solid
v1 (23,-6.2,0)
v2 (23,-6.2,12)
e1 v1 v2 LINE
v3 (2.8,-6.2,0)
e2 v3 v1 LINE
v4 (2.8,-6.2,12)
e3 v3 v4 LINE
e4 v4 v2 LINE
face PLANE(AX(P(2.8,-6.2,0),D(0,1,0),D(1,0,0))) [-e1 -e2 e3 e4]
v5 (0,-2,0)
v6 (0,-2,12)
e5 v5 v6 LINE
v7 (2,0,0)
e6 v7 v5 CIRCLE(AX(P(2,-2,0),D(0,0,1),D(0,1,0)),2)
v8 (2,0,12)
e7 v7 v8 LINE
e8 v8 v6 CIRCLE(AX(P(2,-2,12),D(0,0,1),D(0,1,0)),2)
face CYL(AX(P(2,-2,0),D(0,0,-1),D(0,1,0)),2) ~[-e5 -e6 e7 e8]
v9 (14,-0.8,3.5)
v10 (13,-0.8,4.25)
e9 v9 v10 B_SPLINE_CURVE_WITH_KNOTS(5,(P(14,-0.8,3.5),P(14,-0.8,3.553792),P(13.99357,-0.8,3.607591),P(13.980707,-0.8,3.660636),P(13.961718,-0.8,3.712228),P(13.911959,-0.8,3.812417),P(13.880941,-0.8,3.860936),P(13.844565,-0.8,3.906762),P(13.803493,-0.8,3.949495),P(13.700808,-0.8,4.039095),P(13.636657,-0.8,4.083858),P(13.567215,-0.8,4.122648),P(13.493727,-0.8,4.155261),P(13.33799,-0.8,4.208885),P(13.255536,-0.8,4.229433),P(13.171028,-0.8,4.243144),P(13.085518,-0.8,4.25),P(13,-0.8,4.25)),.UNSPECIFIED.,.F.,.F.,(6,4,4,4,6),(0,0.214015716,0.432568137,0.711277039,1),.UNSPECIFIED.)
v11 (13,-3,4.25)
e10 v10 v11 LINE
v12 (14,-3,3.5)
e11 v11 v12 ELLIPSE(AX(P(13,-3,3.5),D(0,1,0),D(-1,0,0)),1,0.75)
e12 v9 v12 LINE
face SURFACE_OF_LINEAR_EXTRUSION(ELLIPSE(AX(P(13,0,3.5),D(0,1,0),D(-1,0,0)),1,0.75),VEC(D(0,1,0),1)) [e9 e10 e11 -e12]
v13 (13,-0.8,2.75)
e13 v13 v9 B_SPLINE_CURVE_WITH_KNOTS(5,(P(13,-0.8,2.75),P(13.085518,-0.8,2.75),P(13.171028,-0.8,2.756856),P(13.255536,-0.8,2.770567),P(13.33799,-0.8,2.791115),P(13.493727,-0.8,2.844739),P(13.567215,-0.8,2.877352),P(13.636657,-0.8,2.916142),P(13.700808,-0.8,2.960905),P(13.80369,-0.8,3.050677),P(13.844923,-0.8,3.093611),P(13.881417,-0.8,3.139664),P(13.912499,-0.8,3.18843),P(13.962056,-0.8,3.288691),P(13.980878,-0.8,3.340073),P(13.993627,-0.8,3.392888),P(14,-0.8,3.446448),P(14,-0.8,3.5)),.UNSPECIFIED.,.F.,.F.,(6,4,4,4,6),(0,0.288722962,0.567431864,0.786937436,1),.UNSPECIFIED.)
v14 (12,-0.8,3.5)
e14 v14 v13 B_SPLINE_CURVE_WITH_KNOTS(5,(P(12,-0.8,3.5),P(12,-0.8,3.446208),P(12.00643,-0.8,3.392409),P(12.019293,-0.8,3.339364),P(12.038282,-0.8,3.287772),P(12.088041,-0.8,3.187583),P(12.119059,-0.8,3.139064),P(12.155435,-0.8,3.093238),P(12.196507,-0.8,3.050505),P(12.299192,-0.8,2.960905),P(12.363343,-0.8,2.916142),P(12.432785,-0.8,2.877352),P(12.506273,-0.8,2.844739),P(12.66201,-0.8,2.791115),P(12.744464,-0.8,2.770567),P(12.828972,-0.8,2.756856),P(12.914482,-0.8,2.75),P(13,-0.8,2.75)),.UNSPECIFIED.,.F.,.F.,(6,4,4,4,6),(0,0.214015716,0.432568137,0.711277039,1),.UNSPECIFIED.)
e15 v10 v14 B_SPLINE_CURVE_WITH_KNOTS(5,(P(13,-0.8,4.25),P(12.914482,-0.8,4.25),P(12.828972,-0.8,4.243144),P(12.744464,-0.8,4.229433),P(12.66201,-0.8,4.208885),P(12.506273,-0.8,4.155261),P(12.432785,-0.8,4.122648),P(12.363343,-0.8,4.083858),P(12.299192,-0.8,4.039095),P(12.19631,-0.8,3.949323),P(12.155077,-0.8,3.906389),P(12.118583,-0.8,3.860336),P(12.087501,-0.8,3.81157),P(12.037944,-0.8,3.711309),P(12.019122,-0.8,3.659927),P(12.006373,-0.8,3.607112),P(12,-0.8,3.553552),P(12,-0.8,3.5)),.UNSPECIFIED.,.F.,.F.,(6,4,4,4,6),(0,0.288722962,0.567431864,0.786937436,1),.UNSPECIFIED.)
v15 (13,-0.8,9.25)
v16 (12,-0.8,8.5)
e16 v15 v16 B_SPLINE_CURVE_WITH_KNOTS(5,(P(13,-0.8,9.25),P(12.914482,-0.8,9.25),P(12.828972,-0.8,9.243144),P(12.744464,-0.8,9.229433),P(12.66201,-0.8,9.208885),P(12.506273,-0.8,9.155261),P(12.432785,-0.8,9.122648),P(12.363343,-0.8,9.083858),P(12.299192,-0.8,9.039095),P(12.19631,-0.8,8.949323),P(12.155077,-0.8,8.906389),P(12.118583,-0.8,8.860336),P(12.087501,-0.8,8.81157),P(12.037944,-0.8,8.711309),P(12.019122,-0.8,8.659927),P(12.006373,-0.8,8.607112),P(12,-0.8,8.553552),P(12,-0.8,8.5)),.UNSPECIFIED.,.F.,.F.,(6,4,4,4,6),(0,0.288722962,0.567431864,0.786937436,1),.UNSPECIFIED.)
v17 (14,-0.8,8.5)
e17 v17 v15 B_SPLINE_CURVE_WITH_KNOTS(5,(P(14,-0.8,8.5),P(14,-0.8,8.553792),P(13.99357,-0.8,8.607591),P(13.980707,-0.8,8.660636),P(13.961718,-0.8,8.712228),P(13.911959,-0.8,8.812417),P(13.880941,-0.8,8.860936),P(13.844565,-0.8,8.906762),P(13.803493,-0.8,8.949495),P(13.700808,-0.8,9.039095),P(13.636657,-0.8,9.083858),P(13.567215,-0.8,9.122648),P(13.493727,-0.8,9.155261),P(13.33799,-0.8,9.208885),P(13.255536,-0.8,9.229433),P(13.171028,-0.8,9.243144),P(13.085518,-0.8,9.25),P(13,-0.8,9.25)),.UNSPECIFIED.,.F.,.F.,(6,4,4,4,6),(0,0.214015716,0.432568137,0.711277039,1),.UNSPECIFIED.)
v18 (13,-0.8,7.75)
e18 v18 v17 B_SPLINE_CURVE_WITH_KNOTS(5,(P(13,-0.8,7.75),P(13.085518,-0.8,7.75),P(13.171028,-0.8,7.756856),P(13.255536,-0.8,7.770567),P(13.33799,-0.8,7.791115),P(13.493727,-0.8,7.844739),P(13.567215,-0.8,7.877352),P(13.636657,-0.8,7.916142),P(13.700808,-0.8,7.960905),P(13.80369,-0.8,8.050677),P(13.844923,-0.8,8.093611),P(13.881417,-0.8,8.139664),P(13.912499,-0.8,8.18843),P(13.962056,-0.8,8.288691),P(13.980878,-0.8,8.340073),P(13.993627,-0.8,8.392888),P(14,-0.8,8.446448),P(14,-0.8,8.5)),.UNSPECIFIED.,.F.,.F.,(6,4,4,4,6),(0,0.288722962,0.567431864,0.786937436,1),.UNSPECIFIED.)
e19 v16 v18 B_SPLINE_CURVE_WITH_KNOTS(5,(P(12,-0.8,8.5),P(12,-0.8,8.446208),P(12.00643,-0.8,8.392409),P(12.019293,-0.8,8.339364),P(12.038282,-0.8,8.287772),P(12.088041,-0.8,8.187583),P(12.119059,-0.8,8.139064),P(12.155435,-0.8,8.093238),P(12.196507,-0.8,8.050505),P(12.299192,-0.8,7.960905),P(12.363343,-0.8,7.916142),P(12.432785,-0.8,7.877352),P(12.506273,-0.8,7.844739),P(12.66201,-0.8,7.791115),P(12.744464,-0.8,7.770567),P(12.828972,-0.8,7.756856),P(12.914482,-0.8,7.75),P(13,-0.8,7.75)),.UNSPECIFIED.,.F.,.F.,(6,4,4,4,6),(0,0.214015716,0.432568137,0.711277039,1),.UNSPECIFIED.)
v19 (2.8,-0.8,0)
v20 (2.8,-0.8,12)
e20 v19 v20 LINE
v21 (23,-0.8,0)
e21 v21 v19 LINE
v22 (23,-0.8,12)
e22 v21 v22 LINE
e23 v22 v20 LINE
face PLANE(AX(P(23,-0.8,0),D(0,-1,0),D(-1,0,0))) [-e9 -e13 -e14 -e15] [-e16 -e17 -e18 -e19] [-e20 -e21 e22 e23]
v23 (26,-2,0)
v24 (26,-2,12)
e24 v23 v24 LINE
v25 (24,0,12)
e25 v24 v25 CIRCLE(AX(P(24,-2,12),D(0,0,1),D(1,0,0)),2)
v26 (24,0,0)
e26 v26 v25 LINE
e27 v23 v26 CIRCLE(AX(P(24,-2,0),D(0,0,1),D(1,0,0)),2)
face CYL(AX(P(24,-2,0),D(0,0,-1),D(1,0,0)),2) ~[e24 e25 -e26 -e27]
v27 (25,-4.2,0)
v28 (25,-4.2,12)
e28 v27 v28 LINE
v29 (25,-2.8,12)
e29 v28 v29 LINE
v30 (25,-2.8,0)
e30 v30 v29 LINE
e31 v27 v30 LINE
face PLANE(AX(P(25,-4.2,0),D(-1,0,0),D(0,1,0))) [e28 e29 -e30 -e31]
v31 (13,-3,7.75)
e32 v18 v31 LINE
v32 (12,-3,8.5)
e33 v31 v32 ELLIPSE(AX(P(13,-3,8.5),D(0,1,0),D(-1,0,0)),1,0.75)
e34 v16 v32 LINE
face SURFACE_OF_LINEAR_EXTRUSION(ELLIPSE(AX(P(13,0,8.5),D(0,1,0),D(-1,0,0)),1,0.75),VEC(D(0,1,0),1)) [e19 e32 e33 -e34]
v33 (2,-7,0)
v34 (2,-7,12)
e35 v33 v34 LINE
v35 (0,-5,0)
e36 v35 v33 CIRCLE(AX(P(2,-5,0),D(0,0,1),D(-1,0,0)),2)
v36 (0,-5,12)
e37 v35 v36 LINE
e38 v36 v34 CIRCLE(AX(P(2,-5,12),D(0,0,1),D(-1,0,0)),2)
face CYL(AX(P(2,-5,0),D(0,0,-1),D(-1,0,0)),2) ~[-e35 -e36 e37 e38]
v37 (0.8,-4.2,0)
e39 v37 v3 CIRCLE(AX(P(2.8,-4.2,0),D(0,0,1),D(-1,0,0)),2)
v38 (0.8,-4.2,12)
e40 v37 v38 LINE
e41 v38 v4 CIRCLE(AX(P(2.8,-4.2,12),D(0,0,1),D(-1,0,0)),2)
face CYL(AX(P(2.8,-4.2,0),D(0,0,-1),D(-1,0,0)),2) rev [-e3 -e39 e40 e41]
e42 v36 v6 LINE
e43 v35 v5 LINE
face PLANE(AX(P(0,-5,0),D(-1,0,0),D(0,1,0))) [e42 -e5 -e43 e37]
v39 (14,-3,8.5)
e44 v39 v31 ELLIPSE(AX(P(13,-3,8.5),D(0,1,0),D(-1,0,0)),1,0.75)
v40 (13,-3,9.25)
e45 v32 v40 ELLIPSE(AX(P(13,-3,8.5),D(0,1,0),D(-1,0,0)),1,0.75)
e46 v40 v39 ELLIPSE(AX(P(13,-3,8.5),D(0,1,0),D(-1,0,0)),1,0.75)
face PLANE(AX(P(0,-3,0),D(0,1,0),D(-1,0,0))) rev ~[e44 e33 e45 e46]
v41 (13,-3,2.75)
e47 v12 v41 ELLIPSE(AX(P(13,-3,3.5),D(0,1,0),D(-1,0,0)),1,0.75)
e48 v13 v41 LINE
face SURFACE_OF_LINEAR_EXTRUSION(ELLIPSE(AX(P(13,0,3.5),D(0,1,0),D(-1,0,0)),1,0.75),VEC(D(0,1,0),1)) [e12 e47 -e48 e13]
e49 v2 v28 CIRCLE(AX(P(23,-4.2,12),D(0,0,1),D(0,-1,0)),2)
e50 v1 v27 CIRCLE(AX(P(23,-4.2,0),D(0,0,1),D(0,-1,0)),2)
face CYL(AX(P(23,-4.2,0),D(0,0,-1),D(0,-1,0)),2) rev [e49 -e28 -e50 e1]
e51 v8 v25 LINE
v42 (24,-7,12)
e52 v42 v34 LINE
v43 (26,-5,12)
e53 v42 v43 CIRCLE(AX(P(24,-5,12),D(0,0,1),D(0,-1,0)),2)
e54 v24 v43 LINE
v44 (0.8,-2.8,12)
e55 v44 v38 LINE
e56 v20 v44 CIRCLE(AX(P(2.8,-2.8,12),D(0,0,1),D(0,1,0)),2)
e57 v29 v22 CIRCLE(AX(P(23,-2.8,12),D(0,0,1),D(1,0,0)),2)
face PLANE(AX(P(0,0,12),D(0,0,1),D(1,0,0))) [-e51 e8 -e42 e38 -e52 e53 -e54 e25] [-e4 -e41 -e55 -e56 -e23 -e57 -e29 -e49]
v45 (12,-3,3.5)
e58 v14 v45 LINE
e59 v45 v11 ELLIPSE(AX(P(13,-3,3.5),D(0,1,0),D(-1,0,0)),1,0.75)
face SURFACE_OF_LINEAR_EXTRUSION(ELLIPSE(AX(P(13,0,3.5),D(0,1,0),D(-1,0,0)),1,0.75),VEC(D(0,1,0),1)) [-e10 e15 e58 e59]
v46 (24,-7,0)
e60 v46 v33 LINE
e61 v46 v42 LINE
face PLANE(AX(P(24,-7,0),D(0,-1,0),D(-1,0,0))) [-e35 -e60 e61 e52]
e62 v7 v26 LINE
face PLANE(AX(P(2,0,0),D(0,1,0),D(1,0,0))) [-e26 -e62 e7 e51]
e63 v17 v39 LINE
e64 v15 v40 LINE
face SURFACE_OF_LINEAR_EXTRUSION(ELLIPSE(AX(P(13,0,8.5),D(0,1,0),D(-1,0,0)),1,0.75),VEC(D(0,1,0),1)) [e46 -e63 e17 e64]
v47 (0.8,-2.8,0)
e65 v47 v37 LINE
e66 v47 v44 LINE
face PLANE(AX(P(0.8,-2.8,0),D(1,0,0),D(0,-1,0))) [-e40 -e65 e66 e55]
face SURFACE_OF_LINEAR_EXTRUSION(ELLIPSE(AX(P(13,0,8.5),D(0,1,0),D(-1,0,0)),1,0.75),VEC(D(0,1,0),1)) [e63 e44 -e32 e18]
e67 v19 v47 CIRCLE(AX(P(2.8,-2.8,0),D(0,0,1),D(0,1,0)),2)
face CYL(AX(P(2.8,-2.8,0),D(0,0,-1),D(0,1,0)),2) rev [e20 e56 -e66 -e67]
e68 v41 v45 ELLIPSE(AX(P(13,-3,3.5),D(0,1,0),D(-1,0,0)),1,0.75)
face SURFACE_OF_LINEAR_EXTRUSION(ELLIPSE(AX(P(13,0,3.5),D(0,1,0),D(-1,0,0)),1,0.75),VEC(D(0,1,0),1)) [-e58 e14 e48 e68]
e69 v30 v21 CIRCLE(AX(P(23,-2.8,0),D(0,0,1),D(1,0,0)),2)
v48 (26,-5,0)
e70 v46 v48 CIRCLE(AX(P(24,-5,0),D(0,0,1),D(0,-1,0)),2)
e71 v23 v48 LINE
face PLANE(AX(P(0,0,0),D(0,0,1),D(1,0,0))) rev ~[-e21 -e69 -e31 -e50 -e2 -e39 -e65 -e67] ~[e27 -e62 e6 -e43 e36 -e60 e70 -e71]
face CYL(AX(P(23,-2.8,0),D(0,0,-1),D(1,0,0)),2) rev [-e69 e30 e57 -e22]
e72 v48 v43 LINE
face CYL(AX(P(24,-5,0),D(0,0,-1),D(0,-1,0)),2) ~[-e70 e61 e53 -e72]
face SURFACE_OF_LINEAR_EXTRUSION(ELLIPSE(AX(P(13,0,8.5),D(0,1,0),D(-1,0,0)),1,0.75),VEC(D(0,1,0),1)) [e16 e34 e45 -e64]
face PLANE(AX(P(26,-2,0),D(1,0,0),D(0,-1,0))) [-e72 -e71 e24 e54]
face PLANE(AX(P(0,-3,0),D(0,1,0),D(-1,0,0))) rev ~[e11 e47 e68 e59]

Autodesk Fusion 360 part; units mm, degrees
sketch "Sketch1" plane through (0, 0, 0) normal (0, 0, 1) x (1, 0, 0) in component "WatchStrapBit"
  line L0 (2, 0) -> (24, 0)
  line L1 (26, -2) -> (26, -5)
  line L2 (24, -7) -> (2, -7)
  line L3 (0, -5) -> (0, -2)
  line L4 (23, -0.8) -> (2.8, -0.8)
  line L5 (0.8, -2.8) -> (0.8, -4.2)
  line L6 (2.8, -6.2) -> (23, -6.2)
  line L7 (25, -4.2) -> (25, -2.8)
  arc A0 (25, -2.8) -> (23, -0.8) centre (23, -2.8) ccw
  arc A1 (23, -6.2) -> (25, -4.2) centre (23, -4.2) ccw
  arc A2 (2.8, -0.8) -> (0.8, -2.8) centre (2.8, -2.8) ccw
  arc A3 (0.8, -4.2) -> (2.8, -6.2) centre (2.8, -4.2) ccw
  arc A4 (2, 0) -> (0, -2) centre (2, -2) ccw
  arc A5 (0, -5) -> (2, -7) centre (2, -5) ccw
  arc A6 (24, -7) -> (26, -5) centre (24, -5) ccw
  arc A7 (26, -2) -> (24, 0) centre (24, -2) ccw
  point P0 (26, 0)
  dimension "d1" = 26
  dimension "d2" = 7
  dimension "d3" = 0.8
  dimension "d4" = 0.8
  dimension "d5" = 1
  dimension "d6" = 0.8
  dimension "d7" = 2
extrude "Extrude1" add sketch "Sketch1" along normal blind 12 in component "WatchStrapBit"
sketch "Sketch2" plane through (0, 0, 0) normal (0, 1, 0) x (-1, 0, 0) in component "WatchStrapBit"
  line L0 (-24, 0) -> (-2, 0)
  line L1 (-2, 0) -> (-2, 12)
  line L2 (-2, 12) -> (-24, 12)
  line L3 (-24, 12) -> (-24, 0)
  line L4 (-24, 0) -> (-2, 0)
  line L5 (-2, 12) -> (-24, 12)
  line L6 (0, 0) -> (-2, 0)
  line L7 (0, 12) -> (-2, 12)
  line L8 (0, 0) -> (0, 12)
  line L9 (-26, 0) -> (-26, 12)
  line L10 (-24, 0) -> (-26, 0)
  line L11 (-24, 12) -> (-26, 12)
  line L12 (0, 0) -> (-26, 0) construction
  line L13 (0, 12) -> (-26, 12) construction
  line L14 (-13, 0) -> (-13, 12) construction
  line L15 (-13, 6) -> (-13, 3.5)
  line L16 (-13, 6) -> (-13, 8.5)
  circle A0 centre (-13, 3.5) radius 0.75
  circle A1 centre (-13, 8.5) radius 0.75
  ellipse E0 centre (-13, 3.5) end of major axis (-13, 2.75) minor radius 1
  line L17 (-13, 4.25) -> (-13, 2.75)
  line L18 (-14, 3.5) -> (-12, 3.5)
  ellipse E1 centre (-13, 8.5) end of major axis (-13, 7.75) minor radius 1
  line L19 (-13, 9.25) -> (-13, 7.75)
  line L20 (-14, 8.5) -> (-12, 8.5)
  point P0 (-13, 0)
  point P1 (-13, 12)
  point P2 (-13, 6)
  dimension "d10" = 2.5
  dimension "d11" = 2.5
  dimension "d12" = 1.5
  dimension "d13" = 1.5
  dimension "d16" = 2
  dimension "d17" = 2
extrude "Extrude2" add sketch "Sketch2" against normal blind 3 contours A0 E0 L18 | L15 A0 L17 L18 | L15 A0 L17 L18 | A0 E0 L18 | A1 E1 L20 | L16 A1 L19 L20 | L16 A1 L19 L20 | A1 E1 L20 | A0 L17 L18 | A0 L17 L18 | A0 E0 L18 | A0 E0 L18 | A1 L19 L20 | A1 L19 L20 | A1 E1 L20 | A1 E1 L20 in component "WatchStrapBit"
component "WatchStrapBit" placed x (1, 0, 0) y (0, 1, 0) z (0, 0, 1) at (0, 0, 0)
equation "d4 = d3"
equation "d6 = d3"
